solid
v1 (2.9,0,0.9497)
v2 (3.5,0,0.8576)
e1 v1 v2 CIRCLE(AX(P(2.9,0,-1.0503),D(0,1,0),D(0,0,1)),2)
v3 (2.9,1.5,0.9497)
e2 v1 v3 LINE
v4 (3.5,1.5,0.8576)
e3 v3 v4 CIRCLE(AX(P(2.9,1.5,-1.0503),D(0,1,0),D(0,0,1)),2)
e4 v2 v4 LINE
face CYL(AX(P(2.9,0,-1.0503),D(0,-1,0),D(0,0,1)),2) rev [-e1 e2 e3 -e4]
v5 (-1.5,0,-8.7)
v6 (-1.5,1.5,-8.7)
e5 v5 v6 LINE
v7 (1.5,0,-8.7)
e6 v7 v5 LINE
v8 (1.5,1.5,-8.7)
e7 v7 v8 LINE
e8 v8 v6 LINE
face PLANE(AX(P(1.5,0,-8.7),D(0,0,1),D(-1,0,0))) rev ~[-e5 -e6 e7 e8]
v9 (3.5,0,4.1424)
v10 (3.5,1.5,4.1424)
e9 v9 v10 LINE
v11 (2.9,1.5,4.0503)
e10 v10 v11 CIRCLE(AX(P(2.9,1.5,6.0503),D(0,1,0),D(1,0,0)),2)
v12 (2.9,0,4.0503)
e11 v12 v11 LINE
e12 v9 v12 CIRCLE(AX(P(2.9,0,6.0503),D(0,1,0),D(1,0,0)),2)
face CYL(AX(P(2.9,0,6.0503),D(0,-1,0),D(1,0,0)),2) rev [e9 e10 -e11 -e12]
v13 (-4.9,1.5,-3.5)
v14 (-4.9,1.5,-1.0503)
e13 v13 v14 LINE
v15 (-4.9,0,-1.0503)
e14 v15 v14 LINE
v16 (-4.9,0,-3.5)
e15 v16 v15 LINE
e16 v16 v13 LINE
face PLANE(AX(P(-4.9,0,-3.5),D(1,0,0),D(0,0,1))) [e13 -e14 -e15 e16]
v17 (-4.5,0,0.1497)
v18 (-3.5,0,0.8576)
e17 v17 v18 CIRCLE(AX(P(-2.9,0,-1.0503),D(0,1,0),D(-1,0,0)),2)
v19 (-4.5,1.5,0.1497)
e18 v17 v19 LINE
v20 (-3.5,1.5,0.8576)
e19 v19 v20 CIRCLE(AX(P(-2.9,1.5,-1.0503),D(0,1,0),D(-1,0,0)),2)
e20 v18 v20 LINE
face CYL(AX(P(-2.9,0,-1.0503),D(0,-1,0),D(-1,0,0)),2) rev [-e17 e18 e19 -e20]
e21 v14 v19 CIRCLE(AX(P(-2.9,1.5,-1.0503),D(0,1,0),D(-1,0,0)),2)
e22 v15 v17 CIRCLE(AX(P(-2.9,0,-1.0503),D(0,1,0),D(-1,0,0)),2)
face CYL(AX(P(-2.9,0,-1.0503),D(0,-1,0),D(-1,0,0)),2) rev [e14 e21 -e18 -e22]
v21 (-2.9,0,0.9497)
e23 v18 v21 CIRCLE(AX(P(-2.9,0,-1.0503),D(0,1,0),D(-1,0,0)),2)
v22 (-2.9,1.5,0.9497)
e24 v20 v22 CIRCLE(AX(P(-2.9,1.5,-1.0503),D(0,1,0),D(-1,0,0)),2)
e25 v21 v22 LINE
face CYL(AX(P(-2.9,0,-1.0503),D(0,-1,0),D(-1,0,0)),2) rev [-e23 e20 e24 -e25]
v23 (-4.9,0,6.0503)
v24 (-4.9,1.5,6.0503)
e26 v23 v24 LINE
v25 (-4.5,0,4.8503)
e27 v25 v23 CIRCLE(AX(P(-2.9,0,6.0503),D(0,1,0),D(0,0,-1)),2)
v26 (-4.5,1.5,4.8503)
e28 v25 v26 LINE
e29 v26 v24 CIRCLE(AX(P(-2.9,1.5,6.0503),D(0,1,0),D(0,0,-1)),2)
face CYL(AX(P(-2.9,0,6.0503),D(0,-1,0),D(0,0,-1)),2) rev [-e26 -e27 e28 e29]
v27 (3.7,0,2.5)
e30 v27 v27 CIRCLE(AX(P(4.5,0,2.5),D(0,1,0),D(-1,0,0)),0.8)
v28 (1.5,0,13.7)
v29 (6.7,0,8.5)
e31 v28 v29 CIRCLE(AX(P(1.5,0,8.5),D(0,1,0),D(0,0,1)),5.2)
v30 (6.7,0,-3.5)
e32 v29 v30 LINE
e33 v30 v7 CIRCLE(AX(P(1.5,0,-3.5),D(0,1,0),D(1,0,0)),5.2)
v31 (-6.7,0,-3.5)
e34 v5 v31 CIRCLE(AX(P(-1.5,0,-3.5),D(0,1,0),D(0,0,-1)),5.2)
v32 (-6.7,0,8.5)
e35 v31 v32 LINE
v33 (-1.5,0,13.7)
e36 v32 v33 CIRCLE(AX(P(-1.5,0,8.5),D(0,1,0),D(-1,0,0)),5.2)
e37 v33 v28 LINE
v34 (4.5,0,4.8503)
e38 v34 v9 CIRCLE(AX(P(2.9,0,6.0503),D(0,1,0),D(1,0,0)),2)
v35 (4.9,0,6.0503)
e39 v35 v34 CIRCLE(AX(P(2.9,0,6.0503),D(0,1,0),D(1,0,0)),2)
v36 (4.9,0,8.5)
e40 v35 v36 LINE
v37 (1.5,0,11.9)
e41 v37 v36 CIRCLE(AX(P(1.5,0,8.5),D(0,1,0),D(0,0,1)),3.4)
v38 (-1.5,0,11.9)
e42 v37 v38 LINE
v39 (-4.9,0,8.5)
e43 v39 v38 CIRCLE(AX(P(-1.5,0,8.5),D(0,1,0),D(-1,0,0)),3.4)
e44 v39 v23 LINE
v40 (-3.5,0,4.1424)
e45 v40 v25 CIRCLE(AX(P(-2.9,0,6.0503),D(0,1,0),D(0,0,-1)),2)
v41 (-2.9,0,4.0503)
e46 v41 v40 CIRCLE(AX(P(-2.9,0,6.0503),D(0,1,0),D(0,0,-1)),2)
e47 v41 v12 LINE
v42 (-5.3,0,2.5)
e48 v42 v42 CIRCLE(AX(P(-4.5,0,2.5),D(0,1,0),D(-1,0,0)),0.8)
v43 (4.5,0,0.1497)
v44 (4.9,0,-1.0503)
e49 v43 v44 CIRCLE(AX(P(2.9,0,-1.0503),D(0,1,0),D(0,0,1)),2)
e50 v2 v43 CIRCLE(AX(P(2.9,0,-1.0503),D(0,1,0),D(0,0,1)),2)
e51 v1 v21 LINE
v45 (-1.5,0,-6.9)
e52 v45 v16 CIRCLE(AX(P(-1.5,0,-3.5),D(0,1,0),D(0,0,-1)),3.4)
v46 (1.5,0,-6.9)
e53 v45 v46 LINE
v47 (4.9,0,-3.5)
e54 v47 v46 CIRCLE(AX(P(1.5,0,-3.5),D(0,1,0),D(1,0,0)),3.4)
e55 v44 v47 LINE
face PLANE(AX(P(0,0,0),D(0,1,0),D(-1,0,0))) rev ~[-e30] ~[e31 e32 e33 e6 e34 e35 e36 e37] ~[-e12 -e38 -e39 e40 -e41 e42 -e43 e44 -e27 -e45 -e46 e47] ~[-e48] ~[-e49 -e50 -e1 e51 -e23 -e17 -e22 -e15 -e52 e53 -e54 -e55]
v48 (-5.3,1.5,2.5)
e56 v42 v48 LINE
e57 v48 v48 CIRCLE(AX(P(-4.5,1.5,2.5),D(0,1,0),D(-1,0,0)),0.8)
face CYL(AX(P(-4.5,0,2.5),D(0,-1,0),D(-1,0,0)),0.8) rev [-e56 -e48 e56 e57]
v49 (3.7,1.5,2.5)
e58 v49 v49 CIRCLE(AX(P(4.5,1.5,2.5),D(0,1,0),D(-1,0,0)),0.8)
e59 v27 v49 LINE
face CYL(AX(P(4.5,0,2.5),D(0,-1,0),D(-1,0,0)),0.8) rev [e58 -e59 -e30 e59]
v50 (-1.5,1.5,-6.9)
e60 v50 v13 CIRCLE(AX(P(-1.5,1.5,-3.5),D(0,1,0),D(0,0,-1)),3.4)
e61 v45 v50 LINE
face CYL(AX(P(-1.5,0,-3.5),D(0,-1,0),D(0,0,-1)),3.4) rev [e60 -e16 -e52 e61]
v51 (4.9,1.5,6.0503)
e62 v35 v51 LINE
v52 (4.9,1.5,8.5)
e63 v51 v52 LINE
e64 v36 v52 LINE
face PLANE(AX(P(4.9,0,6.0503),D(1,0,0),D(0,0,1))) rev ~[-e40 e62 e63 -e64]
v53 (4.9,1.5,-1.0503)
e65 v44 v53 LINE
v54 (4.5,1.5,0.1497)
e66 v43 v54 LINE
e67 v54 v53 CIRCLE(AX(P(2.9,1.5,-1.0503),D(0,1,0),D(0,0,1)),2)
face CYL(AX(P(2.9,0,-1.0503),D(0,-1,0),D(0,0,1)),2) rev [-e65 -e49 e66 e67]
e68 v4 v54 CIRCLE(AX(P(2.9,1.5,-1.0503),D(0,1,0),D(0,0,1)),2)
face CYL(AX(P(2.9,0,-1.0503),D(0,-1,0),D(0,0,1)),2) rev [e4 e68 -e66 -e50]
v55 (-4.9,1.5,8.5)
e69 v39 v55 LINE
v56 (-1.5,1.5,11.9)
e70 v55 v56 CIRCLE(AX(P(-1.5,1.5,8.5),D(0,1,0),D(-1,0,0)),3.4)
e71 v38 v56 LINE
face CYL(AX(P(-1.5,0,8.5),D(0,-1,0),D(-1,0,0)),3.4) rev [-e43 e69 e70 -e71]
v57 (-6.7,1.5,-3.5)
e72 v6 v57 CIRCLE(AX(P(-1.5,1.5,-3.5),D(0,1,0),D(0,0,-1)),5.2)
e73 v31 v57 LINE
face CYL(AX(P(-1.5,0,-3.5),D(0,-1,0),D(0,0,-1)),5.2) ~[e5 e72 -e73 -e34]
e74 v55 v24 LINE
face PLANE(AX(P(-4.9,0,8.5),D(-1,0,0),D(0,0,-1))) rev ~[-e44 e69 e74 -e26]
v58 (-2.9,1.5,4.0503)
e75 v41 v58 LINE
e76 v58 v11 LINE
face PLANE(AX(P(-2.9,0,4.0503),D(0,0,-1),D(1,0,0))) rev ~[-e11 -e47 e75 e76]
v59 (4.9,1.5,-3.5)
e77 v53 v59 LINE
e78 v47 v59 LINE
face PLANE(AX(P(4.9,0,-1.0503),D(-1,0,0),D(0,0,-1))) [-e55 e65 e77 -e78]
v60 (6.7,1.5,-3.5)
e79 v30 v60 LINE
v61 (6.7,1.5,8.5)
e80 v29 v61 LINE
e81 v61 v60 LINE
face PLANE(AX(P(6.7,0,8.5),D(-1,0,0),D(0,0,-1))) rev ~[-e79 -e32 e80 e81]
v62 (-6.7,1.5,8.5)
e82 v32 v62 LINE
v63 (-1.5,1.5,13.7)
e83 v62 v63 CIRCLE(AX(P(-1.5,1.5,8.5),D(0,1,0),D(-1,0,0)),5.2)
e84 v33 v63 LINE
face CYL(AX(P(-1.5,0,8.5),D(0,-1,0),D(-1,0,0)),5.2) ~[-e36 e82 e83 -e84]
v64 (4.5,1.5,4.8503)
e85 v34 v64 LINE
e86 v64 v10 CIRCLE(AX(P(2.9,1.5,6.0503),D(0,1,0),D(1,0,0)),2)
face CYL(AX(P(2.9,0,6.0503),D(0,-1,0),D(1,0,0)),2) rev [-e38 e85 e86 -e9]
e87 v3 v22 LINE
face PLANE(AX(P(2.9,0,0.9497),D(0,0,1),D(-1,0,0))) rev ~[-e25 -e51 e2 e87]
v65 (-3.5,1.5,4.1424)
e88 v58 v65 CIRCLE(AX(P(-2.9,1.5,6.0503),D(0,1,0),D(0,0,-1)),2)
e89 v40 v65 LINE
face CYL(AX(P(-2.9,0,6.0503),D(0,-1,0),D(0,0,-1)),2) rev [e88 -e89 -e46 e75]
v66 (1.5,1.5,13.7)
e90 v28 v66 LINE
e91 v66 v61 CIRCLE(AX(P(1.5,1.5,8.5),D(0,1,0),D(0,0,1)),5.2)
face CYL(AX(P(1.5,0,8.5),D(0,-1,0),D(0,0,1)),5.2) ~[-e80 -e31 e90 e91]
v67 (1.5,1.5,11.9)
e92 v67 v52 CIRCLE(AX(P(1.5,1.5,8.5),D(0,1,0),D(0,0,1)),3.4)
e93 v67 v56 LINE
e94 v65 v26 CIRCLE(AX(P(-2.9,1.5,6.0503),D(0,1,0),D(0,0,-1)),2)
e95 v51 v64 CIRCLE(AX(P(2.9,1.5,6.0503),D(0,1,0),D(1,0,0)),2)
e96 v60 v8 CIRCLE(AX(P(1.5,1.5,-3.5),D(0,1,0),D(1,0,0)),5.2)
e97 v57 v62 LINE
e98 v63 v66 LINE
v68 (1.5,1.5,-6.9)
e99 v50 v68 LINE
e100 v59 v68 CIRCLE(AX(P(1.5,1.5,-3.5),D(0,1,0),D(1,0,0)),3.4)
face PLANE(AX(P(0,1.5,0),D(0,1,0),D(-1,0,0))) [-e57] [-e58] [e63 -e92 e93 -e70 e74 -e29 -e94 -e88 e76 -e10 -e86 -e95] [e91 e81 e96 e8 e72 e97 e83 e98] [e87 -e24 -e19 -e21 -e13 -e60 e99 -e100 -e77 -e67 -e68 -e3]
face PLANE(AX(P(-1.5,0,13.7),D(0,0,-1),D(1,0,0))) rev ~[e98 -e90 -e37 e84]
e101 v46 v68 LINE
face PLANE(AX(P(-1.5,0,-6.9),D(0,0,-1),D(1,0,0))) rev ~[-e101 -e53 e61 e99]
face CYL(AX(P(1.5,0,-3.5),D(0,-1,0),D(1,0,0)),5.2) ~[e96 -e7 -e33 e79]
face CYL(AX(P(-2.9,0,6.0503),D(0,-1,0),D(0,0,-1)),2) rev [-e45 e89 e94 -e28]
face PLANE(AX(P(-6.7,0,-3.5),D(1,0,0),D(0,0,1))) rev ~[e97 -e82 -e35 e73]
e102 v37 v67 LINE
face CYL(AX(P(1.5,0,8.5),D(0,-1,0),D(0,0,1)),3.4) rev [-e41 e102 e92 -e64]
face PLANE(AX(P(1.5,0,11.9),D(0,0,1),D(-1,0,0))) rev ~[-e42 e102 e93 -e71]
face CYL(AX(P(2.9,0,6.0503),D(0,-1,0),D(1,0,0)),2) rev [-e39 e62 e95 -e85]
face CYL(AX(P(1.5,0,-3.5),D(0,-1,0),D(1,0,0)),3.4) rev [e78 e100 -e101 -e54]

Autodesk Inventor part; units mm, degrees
ref_plane "YZ Plane" through (0, 0, 0) normal (1, 0, 0) x (0, 1, 0)
ref_plane "XZ Plane" through (0, 0, 0) normal (0, 1, 0) x (-1, 0, 0)
ref_plane "XY Plane" through (0, 0, 0) normal (0, 0, 1) x (1, 0, 0)
sketch "Sketch2" plane through (0, 0, 0) normal (0, 1, 0) x (-1, 0, 0)
  arc A0 (3.5, 8.5) -> (1.5, 10.5) centre (1.5, 8.5) ccw
  arc A1 (1.5, -5.5) -> (3.5, -3.5) centre (1.5, -3.5) ccw
  line L0 (1.5, -5.5) -> (-1.5, -5.5)
  arc A2 (-3.5, -3.5) -> (-1.5, -5.5) centre (-1.5, -3.5) ccw
  arc A3 (-1.5, 10.5) -> (-3.5, 8.5) centre (-1.5, 8.5) ccw
  circle A4 centre (-9.4, -30.5) radius 1.7
  circle A5 centre (9.4, -15) radius 1.7
  circle A6 centre (9.4, 30.5) radius 1.7
  circle A7 centre (-9.4, 30.5) radius 1.7
  circle A8 centre (-9.4, 15) radius 1.7
  circle A9 centre (9.4, 15) radius 1.7
  circle A10 centre (-9.4, -15) radius 1.7
  circle A11 centre (9.4, -30.5) radius 1.7
  line L1 (-13.9, -33.875) -> (-13.9, 33.875)
  line L2 (13.9, -33.875) -> (-13.9, -33.875)
  line L3 (13.9, 33.875) -> (13.9, -33.875)
  line L4 (-13.9, 33.875) -> (13.9, 33.875)
  arc A12 (4.5, 8.5) -> (3.8682, 10.3417) centre (1.5, 8.5) ccw
  line L5 (-1.5, 10.5) -> (1.5, 10.5)
  arc A13 (-4.5, -3.5) -> (-1.5, -6.5) centre (-1.5, -3.5) ccw
  line L6 (-1.5, -6.5) -> (1.5, -6.5)
  arc A14 (1.5, -6.5) -> (4.5, -3.5) centre (1.5, -3.5) ccw
  arc A15 (4.5, 8.5) -> (1.5, 11.5) centre (1.5, 8.5) ccw
  line L7 (1.5, 11.5) -> (-1.5, 11.5)
  arc A16 (-1.5, 11.5) -> (-4.5, 8.5) centre (-1.5, 8.5) ccw
  line L8 (-1.5, 14.1) -> (1.5, 14.1)
  arc A17 (7.1, 8.5) -> (1.5, 14.1) centre (1.5, 8.5) ccw
  line L9 (7.1, 8.5) -> (7.1, -3.5)
  arc A18 (1.5, -9.1) -> (7.1, -3.5) centre (1.5, -3.5) ccw
  line L10 (1.5, -9.1) -> (-1.5, -9.1)
  arc A19 (-7.1, -3.5) -> (-1.5, -9.1) centre (-1.5, -3.5) ccw
  line L11 (-7.1, -3.5) -> (-7.1, 8.5)
  arc A20 (-1.5, 14.1) -> (-7.1, 8.5) centre (-1.5, 8.5) ccw
  line L12 (21.7007, 2.5) -> (-16.6227, 2.5) construction
  line L13 (4.9, 8.5) -> (4.9, 6.0503)
  arc A21 (1.5, -6.9) -> (4.9, -3.5) centre (1.5, -3.5) ccw
  line L14 (1.5, -6.9) -> (-1.5, -6.9)
  arc A22 (-4.9, -3.5) -> (-1.5, -6.9) centre (-1.5, -3.5) ccw
  line L15 (-4.9, 6.0503) -> (-4.9, 8.5)
  arc A23 (-1.5, 11.9) -> (-4.9, 8.5) centre (-1.5, 8.5) ccw
  line L16 (-1.5, 11.9) -> (1.5, 11.9)
  arc A24 (4.9, 8.5) -> (1.5, 11.9) centre (1.5, 8.5) ccw
  line L17 (6.7, -3.5) -> (6.7, 8.5)
  arc A25 (6.7, 8.5) -> (1.5, 13.7) centre (1.5, 8.5) ccw
  line L18 (1.5, 13.7) -> (-1.5, 13.7)
  arc A26 (-1.5, 13.7) -> (-6.7, 8.5) centre (-1.5, 8.5) ccw
  line L19 (-6.7, 8.5) -> (-6.7, -3.5)
  arc A27 (-6.7, -3.5) -> (-1.5, -8.7) centre (-1.5, -3.5) ccw
  line L20 (-1.5, -8.7) -> (1.5, -8.7)
  arc A28 (1.5, -8.7) -> (6.7, -3.5) centre (1.5, -3.5) ccw
  line L21 (2.9, 4.0503) -> (-2.9, 4.0503)
  line L22 (-2.9, 0.9497) -> (2.9, 0.9497)
  arc A29 (2.9, 4.0503) -> (4.9, 6.0503) centre (2.9, 6.0503) ccw
  arc A30 (-4.9, 6.0503) -> (-2.9, 4.0503) centre (-2.9, 6.0503) ccw
  line L23 (-4.9, -1.0503) -> (-4.9, -3.5)
  line L24 (4.9, -3.5) -> (4.9, -1.0503)
  arc A31 (4.9, -1.0503) -> (2.9, 0.9497) centre (2.9, -1.0503) ccw
  arc A32 (-2.9, 0.9497) -> (-4.9, -1.0503) centre (-2.9, -1.0503) ccw
  line L25 (-4.5, 8.5) -> (-4.5, 4.8503)
  line L26 (-4.5, 0.1497) -> (-4.5, -3.5)
  line L27 (-3.5, -3.5) -> (-3.5, 0.8576)
  line L28 (-3.5, 4.1424) -> (-3.5, 8.5)
  line L29 (3.5, 8.5) -> (3.5, 4.1424)
  line L30 (3.5, 0.8576) -> (3.5, -3.5)
  line L31 (4.5, -3.8243) -> (4.5, 0.1497)
  line L32 (4.5, 4.8503) -> (4.5, 8.5)
  line L33 (4.5, -3.5) -> (4.5, 0.1497)
  line L34 (4.5, 4.8503) -> (4.5, 8.5)
  circle A33 centre (-4.5, 2.5) radius 0.8
  circle A34 centre (4.5, 2.5) radius 0.8
  point P0 (0, 0)
  point P1 (0, 0)
  point P2 (2.621, 11.2827)
  point P3 (-2.6275, 11.2989)
  point P4 (3.8682, 10.3417)
  point P5 (4.5, 8.5)
  point P6 (4.5, -3.5)
  dimension "d10" = 2.6
  dimension "d11" = 23.2
  dimension "d12" = 14.2
  dimension "d15" = 23.2
  dimension "d17" = 0.4
  dimension "d18" = 2
  dimension "d19" = 2
  dimension "d20" = 1.6
  dimension "d21" = 1.6
  dimension "d22" = 2.2
  dimension "d23" = 2.2
extrude "Extrusion1" add sketch "Sketch2" along normal blind 1.5 contours A28 L20 A27 L19 A26 L18 A25 L17
equation "\"d23\" = d22"
properties part number "Top Seal 1"
